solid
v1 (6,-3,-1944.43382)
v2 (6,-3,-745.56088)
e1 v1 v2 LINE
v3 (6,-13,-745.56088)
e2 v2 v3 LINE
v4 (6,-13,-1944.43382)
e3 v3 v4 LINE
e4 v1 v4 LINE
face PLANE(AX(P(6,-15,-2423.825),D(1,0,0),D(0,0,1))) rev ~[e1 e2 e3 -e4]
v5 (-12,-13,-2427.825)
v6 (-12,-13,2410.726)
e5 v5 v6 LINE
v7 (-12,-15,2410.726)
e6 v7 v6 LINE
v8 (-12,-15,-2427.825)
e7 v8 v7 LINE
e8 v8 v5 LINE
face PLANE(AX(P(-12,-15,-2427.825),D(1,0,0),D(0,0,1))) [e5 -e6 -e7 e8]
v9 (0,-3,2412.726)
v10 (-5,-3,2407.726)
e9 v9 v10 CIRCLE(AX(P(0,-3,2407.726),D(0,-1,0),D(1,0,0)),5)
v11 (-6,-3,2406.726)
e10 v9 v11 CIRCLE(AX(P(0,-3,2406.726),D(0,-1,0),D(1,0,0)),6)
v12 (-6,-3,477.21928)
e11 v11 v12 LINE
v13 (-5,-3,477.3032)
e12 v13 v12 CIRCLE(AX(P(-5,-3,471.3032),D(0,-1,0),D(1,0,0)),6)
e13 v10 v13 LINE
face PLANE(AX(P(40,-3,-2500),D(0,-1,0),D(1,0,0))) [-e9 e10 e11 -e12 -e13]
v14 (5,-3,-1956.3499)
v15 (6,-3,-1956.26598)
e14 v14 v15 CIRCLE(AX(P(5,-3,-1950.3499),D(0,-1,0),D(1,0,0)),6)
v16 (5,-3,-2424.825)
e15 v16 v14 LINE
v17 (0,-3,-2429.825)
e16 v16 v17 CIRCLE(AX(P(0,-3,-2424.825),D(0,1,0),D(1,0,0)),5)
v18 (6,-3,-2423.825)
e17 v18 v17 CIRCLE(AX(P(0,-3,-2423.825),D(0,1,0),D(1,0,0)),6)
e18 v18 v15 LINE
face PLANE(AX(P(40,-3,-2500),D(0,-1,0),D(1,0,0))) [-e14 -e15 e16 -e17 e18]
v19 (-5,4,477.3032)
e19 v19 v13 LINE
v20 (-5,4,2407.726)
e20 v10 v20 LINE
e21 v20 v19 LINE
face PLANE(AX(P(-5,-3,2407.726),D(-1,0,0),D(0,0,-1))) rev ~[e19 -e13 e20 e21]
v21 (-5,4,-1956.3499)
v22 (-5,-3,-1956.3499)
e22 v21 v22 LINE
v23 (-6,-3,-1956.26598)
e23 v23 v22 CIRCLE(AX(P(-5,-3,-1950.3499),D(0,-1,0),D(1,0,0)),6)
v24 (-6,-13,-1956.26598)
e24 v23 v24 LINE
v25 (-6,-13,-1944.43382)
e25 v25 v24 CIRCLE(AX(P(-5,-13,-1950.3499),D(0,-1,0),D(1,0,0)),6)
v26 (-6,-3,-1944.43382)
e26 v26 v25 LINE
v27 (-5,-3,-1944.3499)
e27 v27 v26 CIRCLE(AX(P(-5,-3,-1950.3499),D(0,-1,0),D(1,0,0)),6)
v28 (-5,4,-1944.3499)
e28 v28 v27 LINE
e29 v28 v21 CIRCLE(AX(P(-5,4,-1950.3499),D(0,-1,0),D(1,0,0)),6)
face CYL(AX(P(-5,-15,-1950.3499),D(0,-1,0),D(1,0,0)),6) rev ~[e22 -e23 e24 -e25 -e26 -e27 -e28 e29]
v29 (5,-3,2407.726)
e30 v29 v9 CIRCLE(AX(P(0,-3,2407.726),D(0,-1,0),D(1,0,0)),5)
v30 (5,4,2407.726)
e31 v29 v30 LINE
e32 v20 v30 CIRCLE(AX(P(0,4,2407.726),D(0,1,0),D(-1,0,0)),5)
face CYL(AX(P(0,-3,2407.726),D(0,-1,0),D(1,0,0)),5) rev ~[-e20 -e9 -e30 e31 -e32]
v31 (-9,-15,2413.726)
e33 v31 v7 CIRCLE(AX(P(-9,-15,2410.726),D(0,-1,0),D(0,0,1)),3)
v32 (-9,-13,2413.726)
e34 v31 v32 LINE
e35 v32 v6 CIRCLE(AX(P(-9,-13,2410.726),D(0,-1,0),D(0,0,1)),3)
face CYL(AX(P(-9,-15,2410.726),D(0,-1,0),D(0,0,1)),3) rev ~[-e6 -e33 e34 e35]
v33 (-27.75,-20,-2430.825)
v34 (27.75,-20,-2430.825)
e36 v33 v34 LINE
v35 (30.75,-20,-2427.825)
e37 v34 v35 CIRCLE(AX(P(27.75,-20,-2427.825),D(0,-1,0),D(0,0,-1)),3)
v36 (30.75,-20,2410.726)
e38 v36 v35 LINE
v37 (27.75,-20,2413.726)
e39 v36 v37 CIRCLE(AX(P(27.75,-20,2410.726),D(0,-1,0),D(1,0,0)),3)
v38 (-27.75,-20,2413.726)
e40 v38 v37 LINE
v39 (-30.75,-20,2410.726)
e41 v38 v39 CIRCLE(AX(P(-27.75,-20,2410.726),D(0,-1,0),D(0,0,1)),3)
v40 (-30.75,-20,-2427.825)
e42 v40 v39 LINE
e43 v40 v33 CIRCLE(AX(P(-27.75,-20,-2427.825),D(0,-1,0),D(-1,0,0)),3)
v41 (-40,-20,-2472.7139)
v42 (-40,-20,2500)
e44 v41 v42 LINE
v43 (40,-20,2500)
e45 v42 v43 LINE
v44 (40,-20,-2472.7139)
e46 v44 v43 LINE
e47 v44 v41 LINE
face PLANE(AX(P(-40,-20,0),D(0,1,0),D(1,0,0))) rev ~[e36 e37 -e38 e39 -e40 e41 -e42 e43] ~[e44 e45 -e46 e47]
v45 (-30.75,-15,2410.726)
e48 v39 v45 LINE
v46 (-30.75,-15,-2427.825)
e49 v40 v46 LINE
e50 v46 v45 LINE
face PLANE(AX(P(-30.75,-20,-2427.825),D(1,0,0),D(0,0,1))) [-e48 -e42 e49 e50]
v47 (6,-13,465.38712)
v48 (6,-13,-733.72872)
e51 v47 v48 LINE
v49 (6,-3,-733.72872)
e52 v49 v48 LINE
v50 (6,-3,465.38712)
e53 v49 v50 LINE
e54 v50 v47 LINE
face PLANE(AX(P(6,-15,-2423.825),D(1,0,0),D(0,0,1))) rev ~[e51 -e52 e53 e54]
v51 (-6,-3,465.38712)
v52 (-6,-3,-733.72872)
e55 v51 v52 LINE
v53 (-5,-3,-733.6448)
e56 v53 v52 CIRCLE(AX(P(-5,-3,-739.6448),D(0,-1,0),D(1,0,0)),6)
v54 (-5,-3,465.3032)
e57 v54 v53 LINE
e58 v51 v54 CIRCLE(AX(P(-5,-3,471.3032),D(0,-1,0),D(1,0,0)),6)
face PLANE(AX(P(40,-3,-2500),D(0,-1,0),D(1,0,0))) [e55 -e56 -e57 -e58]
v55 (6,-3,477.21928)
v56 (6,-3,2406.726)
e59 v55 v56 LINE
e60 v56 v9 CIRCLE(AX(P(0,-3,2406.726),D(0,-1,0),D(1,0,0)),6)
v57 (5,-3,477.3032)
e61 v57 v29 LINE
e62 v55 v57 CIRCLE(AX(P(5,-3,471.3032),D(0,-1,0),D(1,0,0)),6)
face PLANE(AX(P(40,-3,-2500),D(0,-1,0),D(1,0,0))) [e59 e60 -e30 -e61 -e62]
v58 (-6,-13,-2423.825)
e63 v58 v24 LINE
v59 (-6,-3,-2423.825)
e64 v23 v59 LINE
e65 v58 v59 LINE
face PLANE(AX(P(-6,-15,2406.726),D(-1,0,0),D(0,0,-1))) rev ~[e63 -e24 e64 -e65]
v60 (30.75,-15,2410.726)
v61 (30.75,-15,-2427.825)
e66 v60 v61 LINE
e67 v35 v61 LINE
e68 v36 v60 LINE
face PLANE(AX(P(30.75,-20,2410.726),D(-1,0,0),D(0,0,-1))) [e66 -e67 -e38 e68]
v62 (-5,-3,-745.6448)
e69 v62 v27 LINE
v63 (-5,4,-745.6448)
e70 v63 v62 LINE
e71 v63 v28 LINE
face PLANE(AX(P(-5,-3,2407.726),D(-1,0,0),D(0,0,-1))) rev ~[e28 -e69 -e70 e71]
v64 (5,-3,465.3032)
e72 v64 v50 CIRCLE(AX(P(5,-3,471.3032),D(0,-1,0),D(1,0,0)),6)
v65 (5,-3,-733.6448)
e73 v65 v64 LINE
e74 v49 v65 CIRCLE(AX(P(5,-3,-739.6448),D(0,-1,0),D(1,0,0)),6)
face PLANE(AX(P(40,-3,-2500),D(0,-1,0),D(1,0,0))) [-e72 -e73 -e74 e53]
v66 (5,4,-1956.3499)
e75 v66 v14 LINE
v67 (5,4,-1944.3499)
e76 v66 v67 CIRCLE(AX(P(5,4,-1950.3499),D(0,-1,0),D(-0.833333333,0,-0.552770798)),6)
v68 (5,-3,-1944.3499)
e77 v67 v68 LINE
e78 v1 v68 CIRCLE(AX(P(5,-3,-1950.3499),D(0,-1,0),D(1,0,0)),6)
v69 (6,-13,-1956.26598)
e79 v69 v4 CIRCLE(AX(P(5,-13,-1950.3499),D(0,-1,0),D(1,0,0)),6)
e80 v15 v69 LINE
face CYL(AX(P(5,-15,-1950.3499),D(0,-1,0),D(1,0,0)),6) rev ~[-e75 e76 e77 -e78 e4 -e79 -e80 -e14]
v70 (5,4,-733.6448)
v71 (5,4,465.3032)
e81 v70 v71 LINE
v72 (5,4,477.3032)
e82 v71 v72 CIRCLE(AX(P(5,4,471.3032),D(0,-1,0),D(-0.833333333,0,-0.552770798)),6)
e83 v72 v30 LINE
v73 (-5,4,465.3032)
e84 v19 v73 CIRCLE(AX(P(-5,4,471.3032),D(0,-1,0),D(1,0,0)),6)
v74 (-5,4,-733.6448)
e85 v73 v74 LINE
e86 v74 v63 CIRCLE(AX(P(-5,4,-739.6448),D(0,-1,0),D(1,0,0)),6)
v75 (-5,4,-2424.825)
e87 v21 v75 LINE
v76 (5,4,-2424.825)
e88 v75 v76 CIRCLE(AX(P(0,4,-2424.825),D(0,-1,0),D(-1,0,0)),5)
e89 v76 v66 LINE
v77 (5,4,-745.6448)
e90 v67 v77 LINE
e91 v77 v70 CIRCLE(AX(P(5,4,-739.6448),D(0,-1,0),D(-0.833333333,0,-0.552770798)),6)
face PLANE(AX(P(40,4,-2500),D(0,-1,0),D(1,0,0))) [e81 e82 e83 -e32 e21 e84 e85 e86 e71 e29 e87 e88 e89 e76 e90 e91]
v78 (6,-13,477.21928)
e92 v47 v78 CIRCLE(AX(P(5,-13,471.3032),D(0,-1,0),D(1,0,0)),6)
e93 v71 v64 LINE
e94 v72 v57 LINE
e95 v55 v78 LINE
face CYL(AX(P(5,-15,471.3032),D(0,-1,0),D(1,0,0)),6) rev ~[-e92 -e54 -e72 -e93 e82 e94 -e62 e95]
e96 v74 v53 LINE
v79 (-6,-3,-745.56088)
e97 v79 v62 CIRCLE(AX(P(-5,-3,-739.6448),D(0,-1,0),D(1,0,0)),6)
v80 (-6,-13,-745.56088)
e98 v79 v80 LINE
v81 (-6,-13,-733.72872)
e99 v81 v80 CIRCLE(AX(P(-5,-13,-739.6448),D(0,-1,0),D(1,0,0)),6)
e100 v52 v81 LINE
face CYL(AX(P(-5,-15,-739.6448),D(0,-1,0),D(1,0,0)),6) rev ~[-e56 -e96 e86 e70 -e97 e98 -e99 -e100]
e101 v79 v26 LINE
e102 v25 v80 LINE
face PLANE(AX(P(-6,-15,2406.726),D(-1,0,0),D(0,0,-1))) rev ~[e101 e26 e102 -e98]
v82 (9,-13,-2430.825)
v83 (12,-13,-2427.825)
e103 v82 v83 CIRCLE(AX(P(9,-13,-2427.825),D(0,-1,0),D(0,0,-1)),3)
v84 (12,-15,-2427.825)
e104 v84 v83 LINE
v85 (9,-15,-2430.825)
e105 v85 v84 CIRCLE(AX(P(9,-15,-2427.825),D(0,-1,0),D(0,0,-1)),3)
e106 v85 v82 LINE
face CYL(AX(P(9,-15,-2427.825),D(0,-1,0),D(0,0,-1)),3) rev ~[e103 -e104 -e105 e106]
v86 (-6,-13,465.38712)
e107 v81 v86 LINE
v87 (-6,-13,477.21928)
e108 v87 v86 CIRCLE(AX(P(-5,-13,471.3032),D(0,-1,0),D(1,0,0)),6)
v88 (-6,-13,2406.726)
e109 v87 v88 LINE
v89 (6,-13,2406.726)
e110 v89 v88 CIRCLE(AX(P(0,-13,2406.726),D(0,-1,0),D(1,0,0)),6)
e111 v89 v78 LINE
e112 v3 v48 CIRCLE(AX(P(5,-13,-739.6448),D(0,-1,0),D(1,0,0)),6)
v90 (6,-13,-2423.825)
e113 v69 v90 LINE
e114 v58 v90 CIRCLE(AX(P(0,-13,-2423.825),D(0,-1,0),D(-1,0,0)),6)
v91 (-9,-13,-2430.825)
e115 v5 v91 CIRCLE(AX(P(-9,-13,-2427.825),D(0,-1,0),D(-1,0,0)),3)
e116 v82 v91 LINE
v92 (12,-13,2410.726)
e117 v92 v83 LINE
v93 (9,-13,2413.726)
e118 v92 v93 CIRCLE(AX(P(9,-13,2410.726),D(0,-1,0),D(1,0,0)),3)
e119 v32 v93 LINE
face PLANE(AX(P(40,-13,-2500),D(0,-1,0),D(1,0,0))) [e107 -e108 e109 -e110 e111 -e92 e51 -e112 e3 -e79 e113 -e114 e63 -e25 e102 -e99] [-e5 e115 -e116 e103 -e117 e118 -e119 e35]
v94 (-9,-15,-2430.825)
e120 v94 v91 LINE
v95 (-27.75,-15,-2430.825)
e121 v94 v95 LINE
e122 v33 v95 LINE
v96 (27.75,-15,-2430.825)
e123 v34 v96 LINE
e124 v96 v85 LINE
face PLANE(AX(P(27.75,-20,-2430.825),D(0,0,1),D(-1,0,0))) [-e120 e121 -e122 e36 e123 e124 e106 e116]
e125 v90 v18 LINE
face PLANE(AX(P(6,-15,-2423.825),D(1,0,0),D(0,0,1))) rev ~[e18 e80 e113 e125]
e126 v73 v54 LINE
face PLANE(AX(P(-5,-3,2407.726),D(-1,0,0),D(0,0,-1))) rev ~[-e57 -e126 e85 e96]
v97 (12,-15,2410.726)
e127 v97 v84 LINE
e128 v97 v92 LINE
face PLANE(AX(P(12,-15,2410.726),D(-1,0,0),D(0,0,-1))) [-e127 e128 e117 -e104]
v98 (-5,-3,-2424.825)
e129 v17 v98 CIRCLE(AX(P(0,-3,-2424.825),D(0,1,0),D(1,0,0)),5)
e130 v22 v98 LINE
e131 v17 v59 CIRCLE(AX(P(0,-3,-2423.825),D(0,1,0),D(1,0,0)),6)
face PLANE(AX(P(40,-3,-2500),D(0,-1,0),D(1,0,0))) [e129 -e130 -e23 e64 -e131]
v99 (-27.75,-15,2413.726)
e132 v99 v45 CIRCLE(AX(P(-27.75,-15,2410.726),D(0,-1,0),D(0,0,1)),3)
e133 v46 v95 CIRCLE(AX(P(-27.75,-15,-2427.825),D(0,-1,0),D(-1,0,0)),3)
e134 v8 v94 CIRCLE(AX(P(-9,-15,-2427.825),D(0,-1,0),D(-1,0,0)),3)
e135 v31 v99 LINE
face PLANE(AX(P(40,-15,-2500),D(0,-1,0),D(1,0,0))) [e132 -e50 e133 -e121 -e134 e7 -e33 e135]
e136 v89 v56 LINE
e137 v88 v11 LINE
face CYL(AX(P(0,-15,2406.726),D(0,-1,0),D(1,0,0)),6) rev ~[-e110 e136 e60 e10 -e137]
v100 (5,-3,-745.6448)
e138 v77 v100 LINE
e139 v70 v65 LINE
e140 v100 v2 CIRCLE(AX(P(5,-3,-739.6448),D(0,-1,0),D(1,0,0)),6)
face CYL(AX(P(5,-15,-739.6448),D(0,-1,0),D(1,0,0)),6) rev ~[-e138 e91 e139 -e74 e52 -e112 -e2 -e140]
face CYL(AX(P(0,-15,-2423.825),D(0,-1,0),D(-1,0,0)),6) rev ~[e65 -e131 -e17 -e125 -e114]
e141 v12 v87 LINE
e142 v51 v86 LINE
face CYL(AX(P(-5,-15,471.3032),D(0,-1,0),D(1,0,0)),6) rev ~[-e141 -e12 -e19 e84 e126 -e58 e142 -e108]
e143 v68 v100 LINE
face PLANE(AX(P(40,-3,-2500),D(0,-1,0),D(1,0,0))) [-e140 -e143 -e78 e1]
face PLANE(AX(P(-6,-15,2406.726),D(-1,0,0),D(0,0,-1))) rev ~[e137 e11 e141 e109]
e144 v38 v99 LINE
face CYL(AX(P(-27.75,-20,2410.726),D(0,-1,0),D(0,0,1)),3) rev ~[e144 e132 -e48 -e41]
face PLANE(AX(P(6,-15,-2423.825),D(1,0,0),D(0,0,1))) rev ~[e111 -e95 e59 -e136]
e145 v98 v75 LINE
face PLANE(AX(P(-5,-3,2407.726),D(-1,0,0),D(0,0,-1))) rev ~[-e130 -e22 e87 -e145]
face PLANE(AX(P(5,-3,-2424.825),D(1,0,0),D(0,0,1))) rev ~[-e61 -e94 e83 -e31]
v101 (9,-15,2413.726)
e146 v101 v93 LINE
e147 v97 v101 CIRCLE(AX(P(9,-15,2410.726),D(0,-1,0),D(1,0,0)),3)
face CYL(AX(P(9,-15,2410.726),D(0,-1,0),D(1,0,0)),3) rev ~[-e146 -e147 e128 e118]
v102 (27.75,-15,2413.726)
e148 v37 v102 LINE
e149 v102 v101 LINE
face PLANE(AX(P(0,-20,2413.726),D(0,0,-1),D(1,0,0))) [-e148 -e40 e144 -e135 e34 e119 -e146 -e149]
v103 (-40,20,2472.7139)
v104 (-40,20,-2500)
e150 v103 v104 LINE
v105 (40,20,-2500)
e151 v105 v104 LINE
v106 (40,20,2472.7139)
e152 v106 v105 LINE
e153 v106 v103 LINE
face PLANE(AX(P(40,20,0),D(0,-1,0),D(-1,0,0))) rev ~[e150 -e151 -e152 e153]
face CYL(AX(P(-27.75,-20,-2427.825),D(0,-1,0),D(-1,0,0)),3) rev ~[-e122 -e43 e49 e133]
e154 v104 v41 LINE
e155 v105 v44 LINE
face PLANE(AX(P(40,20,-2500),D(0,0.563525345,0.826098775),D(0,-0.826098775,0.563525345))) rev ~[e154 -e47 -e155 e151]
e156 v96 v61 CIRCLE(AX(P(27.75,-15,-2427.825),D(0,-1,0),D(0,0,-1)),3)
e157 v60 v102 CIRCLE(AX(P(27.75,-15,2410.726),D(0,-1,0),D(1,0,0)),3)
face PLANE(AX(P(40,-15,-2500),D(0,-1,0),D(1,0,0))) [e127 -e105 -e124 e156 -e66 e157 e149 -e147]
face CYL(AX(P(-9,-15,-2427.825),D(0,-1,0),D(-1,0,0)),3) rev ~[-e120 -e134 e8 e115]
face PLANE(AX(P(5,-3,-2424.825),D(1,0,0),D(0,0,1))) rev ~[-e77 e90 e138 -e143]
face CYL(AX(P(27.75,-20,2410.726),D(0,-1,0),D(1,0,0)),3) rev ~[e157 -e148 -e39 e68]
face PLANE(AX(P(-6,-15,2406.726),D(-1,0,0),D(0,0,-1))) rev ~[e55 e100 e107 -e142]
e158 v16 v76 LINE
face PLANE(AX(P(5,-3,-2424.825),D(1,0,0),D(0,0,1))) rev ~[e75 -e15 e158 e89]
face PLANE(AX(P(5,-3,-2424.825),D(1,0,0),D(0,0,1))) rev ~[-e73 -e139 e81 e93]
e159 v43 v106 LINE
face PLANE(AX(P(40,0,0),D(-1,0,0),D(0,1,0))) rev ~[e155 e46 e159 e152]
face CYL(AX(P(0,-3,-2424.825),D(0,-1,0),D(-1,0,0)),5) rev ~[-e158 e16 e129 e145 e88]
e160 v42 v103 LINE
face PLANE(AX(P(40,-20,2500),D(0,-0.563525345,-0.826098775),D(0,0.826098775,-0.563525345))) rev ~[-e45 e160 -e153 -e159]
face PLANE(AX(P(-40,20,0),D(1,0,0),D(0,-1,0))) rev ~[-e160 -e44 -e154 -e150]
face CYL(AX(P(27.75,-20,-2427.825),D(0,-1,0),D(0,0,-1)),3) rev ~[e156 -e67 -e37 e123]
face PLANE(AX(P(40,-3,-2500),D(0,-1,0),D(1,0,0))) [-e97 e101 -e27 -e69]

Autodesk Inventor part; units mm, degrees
ref_plane "YZ Plane" through (0, 0, 0) normal (1, 0, 0) x (0, 1, 0)
ref_plane "XZ Plane" through (0, 0, 0) normal (0, 1, 0) x (-1, 0, 0)
ref_plane "XY Plane" through (0, 0, 0) normal (0, 0, 1) x (1, 0, 0)
sketch "Sketch1" plane through (0, 0, 0) normal (0, 0, 1) x (1, 0, 0)
  line L0 (-56, 0) -> (56, 0) projected
  line L1 (40, -20) -> (40, 20)
  line L2 (40, 20) -> (-40, 20)
  line L3 (-40, 20) -> (-40, -20)
  line L4 (-40, -20) -> (40, -20)
  point P0 (0, 0)
  dimension "d8" = 80
  dimension "d9" = 40
  dimension "d11" = 40
extrude "brædt" add sketch "Sketch1" along normal mid plane 5000
sketch "Sketch2" plane through (40, -20, -2500) normal (0, -1, 0) x (1, 0, 0)
  line L0 (0, 5000) -> (0, 0) projected
  line L1 (-80, 5000) -> (0, 5000) projected
  line L2 (-80, 0) -> (-80, 5000) projected
  line L3 (0, 0) -> (-80, 0) projected
  line L4 (-40, -1000) -> (-40, 6000) projected
  line L5 (-12.25, 69.175) -> (-67.75, 69.175)
  line L6 (-70.75, 72.175) -> (-70.75, 4910.726)
  line L7 (-67.75, 4913.726) -> (-12.25, 4913.726)
  line L8 (-9.25, 4910.726) -> (-9.25, 72.175)
  arc A0 (-70.75, 72.175) -> (-67.75, 69.175) centre (-67.75, 72.175) ccw
  arc A1 (-12.25, 69.175) -> (-9.25, 72.175) centre (-12.25, 72.175) ccw
  arc A2 (-67.75, 4913.726) -> (-70.75, 4910.726) centre (-67.75, 4910.726) ccw
  arc A3 (-9.25, 4910.726) -> (-12.25, 4913.726) centre (-12.25, 4910.726) ccw
  point P0 (-40, 2500)
  dimension "d12" = 61.5
  dimension "d13" = 4844.551
  dimension "d14" = 3
  dimension "d29" = 69.175
extrude "spor til stål-håndfang" cut sketch "Sketch2" against normal blind 5 contours L7 A3 L8 A1 L5 L4 | L4 L5 A0 L6 A2 L7
sketch "Sketch3" plane through (40, -15, -2500) normal (0, -1, 0) x (1, 0, 0)
  line L0 (-70.75, 72.175) -> (-70.75, 4910.726) projected
  arc A0 (-70.75, 72.175) -> (-67.75, 69.175) centre (-67.75, 72.175) ccw projected
  line L1 (-12.25, 69.175) -> (-67.75, 69.175) projected
  arc A1 (-12.25, 69.175) -> (-9.25, 72.175) centre (-12.25, 72.175) ccw projected
  line L2 (-9.25, 4910.726) -> (-9.25, 72.175) projected
  arc A2 (-9.25, 4910.726) -> (-12.25, 4913.726) centre (-12.25, 4910.726) ccw projected
  line L3 (-67.75, 4913.726) -> (-12.25, 4913.726) projected
  arc A3 (-67.75, 4913.726) -> (-70.75, 4910.726) centre (-67.75, 4910.726) ccw projected
  line L4 (-40, 4906.726) -> (-40, 76.175) construction
  line L5 (-46, 4906.726) -> (-46, 76.175)
  line L6 (-34, 76.175) -> (-34, 4906.726)
  arc A4 (-34, 4906.726) -> (-46, 4906.726) centre (-40, 4906.726) ccw
  arc A5 (-46, 76.175) -> (-34, 76.175) centre (-40, 76.175) ccw
  line L7 (-40, -1000) -> (-40, 6000) projected
  point P0 (-40, 2500)
  point P1 (-40, 2491.4505)
  dimension "d19" = 12
  dimension "d22" = 1
  dimension "d23" = 1
extrude "spor til LED og liste" cut sketch "Sketch3" against normal blind 12 contours L7 A4 L6 A5 | A5 L5 A4 L7
sketch "Sketch4" plane through (40, -3, -2500) normal (0, -1, 0) x (1, 0, 0)
  line L0 (-46, 76.175) -> (-46, 4906.726) projected
  arc A0 (-46, 76.175) -> (-34, 76.175) centre (-40, 76.175) ccw projected
  line L1 (-34, 4906.726) -> (-34, 76.175) projected
  arc A1 (-34, 4906.726) -> (-46, 4906.726) centre (-40, 4906.726) ccw projected
  line L2 (-40, -1000) -> (-40, 6000) projected
  line L3 (-40, 4907.726) -> (-40, 75.175) construction
  line L4 (-45, 4907.726) -> (-45, 75.175)
  line L5 (-35, 75.175) -> (-35, 4907.726)
  arc A2 (-35, 4907.726) -> (-45, 4907.726) centre (-40, 4907.726) ccw
  arc A3 (-45, 75.175) -> (-35, 75.175) centre (-40, 75.175) ccw
  point P0 (-40, 2500)
  point P1 (-40, 2491.4505)
  dimension "d24" = 10
  dimension "d25" = 0
  dimension "d26" = 0
extrude "spor til ledninger" cut sketch "Sketch4" against normal blind 7 contours A3 L4 A2 L2 | L2 A2 L5 A3
sketch "Sketch5" plane through (40, 20, 2500) normal (1, 0, 0) x (0, 0, -1)
  line L0 (0, 0) -> (5000, 0) projected
  line L1 (0, -40) -> (0, 0) projected
  line L2 (0, -40) -> (5000, -40) projected
  line L3 (5000, 0) -> (5000, -40) projected
  line L4 (5000, 0) -> (5000, -40) projected
  line L5 (5000, 0) -> (4972.7139, -40)
  line L6 (0, -40) -> (5000, -40) projected
  point P0 (2500, -20)
  dimension "d30" = 34.3
extrude "endeafskær top" cut sketch "Sketch5" against normal through all contours L3 L2 L5
sketch "Sketch6" plane through (40, 20, 2500) normal (1, 0, 0) x (0, 0, -1)
  line L0 (4972.7139, -40) -> (5000, 0) projected
  line L1 (0, 0) -> (5000, 0) projected
  line L2 (0, -40) -> (0, 0) projected
  line L3 (0, -40) -> (4972.7139, -40) projected
  line L4 (0, -40) -> (0, 0) projected
  line L5 (0, -40) -> (27.2861, 0)
  point P0 (2500, -20)
  dimension "d33" = 34.3
extrude "endeafskær bund" cut sketch "Sketch6" against normal through all contours L2 L1 L5
fillet "Fillet2" [suppressed]
fillet "Fillet3" [suppressed]
fillet "Fillet4" [suppressed]
fillet "Fillet5" [suppressed]
sketch "Sketch7" plane through (40, -15, -2500) normal (0, -1, 0) x (1, 0, 0)
  ellipse E0 centre (-40, 566.2041) end of major axis (-40, 591.0196) minor radius 20.5 projected
  ellipse E1 centre (-40, 1776.9092) end of major axis (-40, 1801.7247) minor radius 20.5 projected
  ellipse E2 centre (-40, 2987.8572) end of major axis (-40, 3012.6727) minor radius 20.5 projected
  line L0 (-93.9939, 549.6501) -> (45.3161, 549.6501) construction
  line L1 (-103.3896, 1760.3552) -> (51.928, 1760.3552) construction
  line L2 (-132.8398, 2971.3032) -> (53.2138, 2971.3032) construction
  line L3 (-45, 75.175) -> (-45, 4907.726) construction
  arc A0 (-45, 75.175) -> (-35, 75.175) centre (-40, 75.175) ccw construction
  line L4 (-35, 4907.726) -> (-35, 75.175) construction
  arc A1 (-35, 4907.726) -> (-45, 4907.726) centre (-40, 4907.726) ccw construction
  circle A2 centre (-45, 549.6501) radius 6
  circle A3 centre (-35, 549.6501) radius 6
  circle A4 centre (-35, 1760.3552) radius 6
  circle A5 centre (-45, 1760.3552) radius 6
  circle A6 centre (-45, 2971.3032) radius 6
  circle A7 centre (-35, 2971.3032) radius 6
  point P0 (-40, 2500)
  dimension "d38" = 12
  dimension "d39" = 12
  dimension "d40" = 12
  dimension "d41" = 12
  dimension "d42" = 12
  dimension "d43" = 12
extrude "pilothuller" cut sketch "Sketch7" against normal up to surface (19 mm away) contours A2 A3 | A2 A3 | A3 A2 | A4 A5 | A5 A4 | A4 A5 | A6 A7 | A6 A7 | A7 A6
sketch "Sketch8" plane through (40, -15, -2500) normal (0, -1, 0) x (1, 0, 0)
  line L0 (-70.75, 72.175) -> (-70.75, 4910.726) projected
  arc A0 (-70.75, 72.175) -> (-67.75, 69.175) centre (-67.75, 72.175) ccw projected
  line L1 (-12.25, 69.175) -> (-67.75, 69.175) projected
  arc A1 (-12.25, 69.175) -> (-9.25, 72.175) centre (-12.25, 72.175) ccw projected
  line L2 (-9.25, 4910.726) -> (-9.25, 72.175) projected
  arc A2 (-9.25, 4910.726) -> (-12.25, 4913.726) centre (-12.25, 4910.726) ccw projected
  line L3 (-67.75, 4913.726) -> (-12.25, 4913.726) projected
  arc A3 (-67.75, 4913.726) -> (-70.75, 4910.726) centre (-67.75, 4910.726) ccw projected
  arc A4 (-34, 543.734) -> (-34, 555.5662) centre (-35, 549.6501) ccw projected
  line L4 (-34, 543.734) -> (-34, 76.175) projected
  arc A5 (-46, 76.175) -> (-34, 76.175) centre (-40, 76.175) ccw projected
  line L5 (-46, 76.175) -> (-46, 543.734) projected
  arc A6 (-46, 555.5662) -> (-46, 543.734) centre (-45, 549.6501) ccw projected
  line L6 (-46, 555.5662) -> (-46, 1754.4392) projected
  arc A7 (-46, 1766.2713) -> (-46, 1754.4392) centre (-45, 1760.3552) ccw projected
  line L7 (-46, 1766.2713) -> (-46, 2965.3872) projected
  arc A8 (-46, 2977.2193) -> (-46, 2965.3872) centre (-45, 2971.3032) ccw projected
  line L8 (-46, 2977.2193) -> (-46, 4906.726) projected
  arc A9 (-34, 4906.726) -> (-46, 4906.726) centre (-40, 4906.726) ccw projected
  line L9 (-34, 4906.726) -> (-34, 2977.2193) projected
  arc A10 (-34, 2965.3872) -> (-34, 2977.2193) centre (-35, 2971.3032) ccw projected
  line L10 (-34, 2965.3872) -> (-34, 1766.2713) projected
  arc A11 (-34, 1754.4392) -> (-34, 1766.2713) centre (-35, 1760.3552) ccw projected
  line L11 (-34, 1754.4392) -> (-34, 555.5662) projected
  line L12 (-49, 4913.726) -> (-31, 4913.726)
  line L13 (-28, 4910.726) -> (-28, 72.175)
  line L14 (-31, 69.175) -> (-49, 69.175)
  line L15 (-52, 72.175) -> (-52, 4910.726)
  line L16 (-40, -1000) -> (-40, 6000) construction
  arc A12 (-28, 4910.726) -> (-31, 4913.726) centre (-31, 4910.726) ccw
  arc A13 (-49, 4913.726) -> (-52, 4910.726) centre (-49, 4910.726) ccw
  arc A14 (-31, 69.175) -> (-28, 72.175) centre (-31, 72.175) ccw
  arc A15 (-52, 72.175) -> (-49, 69.175) centre (-49, 72.175) ccw
  point P0 (-40, 2500)
  point P1 (-52, 4913.726)
  point P2 (-28, 4913.726)
  dimension "d46" = 24
  dimension "d47" = 3
  dimension "d52" = 0
  dimension "d53" = 0
extrude "spor til acryl" cut sketch "Sketch8" against normal blind 2 contours A15 L15 A13 L3 A12 L13 A14 L1 | L4 A5 L5 A6 L6 A7 L7 A8 L8 A9 L9 A10 L10 A11 L11 A4
equation "\"d11\" = 0.5 * d8"
equation "\"d30\" = trappevinkel"
equation "\"d33\" = trappevinkel"
equation "\"d39\" = d38"
equation "\"d40\" = d38"
equation "\"d41\" = d38"
equation "\"d42\" = d38"
equation "\"d43\" = d38"
equation "\"pladetykkelse\" = 3"
equation "\"trappevinkel\" = 34.3deg"
equation "\"trappestifter_dia\" = 25"
equation "\"trappestifter_huldia\" = 25.8"
equation "\"trappestifter_skraa_huldia\" = 26.6"
equation "\"trappestifter_laengde\" = 228"
equation "\"perforeringsbredde\" = 6"
equation "\"perforeringshullaengde\" = 62.8"
equation "\"perforeringshullaengde_top\" = 61"
equation "\"perforeringshullaengde_bund\" = 61.6"
equation "\"perforeringsoffset\" = 8"
equation "\"perforeringsoffset_top\" = 8"
equation "\"perforeringsoffset_bund\" = 8"
equation "\"laskehul_dia\" = 13"
equation "\"balusterhul_udvidelse\" = 1"
equation "\"trinbredde\" = 1884"
properties part number "træhåndfang" material "Wood (Birch)"
